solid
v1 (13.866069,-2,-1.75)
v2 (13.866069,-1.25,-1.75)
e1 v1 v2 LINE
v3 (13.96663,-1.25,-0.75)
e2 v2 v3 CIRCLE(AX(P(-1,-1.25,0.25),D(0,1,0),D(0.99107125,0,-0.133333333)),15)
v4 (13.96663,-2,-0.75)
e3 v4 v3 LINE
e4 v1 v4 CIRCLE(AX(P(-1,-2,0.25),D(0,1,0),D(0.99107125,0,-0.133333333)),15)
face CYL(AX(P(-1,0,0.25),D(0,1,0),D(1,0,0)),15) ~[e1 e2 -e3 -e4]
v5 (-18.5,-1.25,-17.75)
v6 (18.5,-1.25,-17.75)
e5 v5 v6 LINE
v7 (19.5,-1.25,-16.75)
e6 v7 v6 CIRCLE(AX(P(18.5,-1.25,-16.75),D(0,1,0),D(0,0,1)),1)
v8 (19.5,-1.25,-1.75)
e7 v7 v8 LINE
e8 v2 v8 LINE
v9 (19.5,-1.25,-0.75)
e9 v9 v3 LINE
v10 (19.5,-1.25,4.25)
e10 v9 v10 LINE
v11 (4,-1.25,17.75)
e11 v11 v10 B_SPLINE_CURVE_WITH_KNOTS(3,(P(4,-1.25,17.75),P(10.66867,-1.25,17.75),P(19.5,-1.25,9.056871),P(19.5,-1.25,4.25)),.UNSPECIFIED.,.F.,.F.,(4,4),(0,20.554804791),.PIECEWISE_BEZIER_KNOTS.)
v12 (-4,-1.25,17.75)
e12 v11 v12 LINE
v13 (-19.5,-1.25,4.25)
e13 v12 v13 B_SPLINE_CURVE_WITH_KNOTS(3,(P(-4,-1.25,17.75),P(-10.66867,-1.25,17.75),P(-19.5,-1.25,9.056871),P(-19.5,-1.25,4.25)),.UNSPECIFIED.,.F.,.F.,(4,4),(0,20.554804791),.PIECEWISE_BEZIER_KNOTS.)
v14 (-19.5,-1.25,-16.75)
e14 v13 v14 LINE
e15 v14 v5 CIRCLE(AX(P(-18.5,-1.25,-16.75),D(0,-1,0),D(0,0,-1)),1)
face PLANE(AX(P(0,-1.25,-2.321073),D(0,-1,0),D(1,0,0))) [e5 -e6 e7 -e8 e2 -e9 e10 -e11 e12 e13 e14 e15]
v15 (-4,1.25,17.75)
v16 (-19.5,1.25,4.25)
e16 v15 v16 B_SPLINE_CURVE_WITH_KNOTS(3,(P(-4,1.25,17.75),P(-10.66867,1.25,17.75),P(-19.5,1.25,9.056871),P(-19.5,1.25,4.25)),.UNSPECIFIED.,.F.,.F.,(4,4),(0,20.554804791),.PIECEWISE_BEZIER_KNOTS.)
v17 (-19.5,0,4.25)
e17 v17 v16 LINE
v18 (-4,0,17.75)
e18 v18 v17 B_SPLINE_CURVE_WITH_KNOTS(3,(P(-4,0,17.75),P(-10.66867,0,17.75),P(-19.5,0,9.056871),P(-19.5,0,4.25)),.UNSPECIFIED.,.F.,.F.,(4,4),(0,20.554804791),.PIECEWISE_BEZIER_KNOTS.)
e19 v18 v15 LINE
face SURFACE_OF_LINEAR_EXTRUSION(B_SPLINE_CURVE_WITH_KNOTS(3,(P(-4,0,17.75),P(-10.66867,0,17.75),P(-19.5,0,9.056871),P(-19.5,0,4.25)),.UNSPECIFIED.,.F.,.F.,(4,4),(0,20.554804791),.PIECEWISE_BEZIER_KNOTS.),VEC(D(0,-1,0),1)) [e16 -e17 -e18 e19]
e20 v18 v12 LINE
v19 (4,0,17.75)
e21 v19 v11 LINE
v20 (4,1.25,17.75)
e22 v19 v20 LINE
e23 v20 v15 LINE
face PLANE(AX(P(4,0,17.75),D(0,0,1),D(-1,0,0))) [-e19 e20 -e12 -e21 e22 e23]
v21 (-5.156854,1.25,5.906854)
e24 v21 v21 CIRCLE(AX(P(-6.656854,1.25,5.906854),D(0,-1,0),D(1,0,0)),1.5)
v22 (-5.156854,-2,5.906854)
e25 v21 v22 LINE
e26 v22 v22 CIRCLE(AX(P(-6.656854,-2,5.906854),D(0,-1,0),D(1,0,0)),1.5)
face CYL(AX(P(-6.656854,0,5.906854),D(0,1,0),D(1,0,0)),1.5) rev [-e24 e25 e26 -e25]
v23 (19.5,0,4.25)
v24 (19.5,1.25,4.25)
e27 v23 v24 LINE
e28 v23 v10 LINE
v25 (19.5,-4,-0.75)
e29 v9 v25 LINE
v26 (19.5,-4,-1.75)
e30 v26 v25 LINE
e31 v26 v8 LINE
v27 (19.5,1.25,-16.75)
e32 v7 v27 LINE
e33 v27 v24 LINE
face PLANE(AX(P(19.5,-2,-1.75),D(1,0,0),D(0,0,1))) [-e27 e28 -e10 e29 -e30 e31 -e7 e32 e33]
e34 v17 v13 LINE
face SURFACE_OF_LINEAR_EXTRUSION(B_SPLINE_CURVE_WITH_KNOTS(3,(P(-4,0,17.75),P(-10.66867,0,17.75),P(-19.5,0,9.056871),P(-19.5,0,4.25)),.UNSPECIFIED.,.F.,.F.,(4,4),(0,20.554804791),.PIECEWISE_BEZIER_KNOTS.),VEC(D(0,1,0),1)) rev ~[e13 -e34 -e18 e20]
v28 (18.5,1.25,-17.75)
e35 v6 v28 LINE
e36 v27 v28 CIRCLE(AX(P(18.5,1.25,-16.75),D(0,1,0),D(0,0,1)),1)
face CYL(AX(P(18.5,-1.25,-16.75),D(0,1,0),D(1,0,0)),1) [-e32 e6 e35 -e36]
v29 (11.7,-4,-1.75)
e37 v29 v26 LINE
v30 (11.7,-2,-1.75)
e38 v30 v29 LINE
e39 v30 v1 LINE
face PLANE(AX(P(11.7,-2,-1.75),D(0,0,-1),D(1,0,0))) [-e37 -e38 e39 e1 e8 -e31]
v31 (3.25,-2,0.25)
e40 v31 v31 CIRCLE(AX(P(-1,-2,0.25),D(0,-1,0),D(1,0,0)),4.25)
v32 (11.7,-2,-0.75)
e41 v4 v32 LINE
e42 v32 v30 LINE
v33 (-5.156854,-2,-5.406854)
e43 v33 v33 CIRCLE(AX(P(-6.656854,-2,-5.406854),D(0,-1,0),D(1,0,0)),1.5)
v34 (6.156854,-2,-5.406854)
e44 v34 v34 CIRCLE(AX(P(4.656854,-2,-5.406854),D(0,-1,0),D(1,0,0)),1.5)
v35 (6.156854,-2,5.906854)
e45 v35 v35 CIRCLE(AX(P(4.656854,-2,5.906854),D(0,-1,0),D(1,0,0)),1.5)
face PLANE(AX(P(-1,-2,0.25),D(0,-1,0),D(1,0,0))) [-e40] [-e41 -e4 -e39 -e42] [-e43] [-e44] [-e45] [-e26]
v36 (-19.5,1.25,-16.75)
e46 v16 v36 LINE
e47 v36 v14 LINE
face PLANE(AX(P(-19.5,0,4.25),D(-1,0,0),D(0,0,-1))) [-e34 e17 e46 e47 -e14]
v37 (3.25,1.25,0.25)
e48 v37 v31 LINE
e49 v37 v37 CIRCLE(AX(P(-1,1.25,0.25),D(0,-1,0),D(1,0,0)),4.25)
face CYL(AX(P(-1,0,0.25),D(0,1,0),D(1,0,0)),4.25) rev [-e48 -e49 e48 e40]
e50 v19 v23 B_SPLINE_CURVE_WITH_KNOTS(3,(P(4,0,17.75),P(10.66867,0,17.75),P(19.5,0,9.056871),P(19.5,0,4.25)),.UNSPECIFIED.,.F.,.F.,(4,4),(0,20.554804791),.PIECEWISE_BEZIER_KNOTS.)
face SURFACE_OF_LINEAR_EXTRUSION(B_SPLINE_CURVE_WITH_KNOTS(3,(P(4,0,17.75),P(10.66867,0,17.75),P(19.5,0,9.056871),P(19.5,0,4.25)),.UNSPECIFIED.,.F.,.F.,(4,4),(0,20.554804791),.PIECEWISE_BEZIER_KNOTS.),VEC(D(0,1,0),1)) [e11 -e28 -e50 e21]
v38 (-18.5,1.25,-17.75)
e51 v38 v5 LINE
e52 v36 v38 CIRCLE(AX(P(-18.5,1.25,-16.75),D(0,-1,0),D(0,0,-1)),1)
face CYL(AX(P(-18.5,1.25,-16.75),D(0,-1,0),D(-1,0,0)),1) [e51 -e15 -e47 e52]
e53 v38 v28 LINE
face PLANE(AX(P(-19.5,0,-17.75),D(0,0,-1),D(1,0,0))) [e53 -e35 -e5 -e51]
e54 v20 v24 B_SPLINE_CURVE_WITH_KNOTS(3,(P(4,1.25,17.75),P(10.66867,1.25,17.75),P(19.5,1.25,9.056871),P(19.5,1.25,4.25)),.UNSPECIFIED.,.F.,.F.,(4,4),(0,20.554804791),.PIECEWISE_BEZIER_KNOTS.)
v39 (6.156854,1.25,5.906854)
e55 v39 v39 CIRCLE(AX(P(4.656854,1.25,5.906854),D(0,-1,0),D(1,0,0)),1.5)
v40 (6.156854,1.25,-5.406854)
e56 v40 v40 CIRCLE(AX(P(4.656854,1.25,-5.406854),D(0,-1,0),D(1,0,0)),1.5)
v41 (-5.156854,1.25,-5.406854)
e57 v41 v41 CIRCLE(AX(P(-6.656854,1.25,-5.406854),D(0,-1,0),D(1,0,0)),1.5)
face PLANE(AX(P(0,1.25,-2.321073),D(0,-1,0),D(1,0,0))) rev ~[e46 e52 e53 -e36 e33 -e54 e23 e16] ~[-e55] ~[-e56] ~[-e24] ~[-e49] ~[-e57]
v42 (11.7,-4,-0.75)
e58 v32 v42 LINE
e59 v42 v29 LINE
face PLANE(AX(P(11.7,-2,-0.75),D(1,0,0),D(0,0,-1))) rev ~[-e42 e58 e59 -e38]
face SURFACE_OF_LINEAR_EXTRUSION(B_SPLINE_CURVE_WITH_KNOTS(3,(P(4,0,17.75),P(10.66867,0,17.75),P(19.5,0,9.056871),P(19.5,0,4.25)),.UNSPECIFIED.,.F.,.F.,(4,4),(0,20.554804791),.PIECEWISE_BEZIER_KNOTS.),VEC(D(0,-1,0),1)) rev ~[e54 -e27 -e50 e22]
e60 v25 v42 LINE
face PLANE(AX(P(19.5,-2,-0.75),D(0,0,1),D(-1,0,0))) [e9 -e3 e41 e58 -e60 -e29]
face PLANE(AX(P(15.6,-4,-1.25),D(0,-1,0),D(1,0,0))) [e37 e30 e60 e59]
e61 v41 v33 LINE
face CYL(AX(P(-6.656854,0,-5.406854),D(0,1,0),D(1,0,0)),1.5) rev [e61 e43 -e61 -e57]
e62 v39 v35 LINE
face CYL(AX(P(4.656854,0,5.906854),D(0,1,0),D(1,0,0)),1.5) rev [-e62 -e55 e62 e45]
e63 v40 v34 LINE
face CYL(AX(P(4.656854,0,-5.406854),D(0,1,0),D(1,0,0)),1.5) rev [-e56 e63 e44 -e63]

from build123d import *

# Parameters (mm, degrees)
F0_R          = 1.5
F0_R_2        = 4.25
F1_DEPTH      = 1.25
F2_R          = 15
F2_R_2        = 1.5
F2_R_3        = 4.25
F3_DEPTH      = 2
F5_DEPTH      = 2
F5_DEPTH_BACK = 0.75
F6_R          = 1


with BuildPart() as f1:
    # F0 (on Front) → F1 (new body, symmetric)
    with BuildSketch(Plane.XZ):
        with BuildLine():
            Line((4, 17.75), (0, 17.75))
            Line((0, 17.75), (-4, 17.75))
            add(Edge.make_bspline(
                [(-4, 17.75), (-10.6686704129, 17.75), (-19.5, 9.0568709765), (-19.5, 4.25)],
                knots=[0, 0, 0, 0, 20.5548047911, 20.5548047911, 20.5548047911, 20.5548047911], degree=3))
            Line((-19.5, 4.25), (-19.5, -17.75))
            Line((-19.5, -17.75), (19.5, -17.75))
            Line((19.5, -17.75), (19.5, 4.25))
            add(Edge.make_bspline(
                [(4, 17.75), (10.6686704129, 17.75), (19.5, 9.0568709765), (19.5, 4.25)],
                knots=[0, 0, 0, 0, 20.5548047911, 20.5548047911, 20.5548047911, 20.5548047911], degree=3))
        make_face()
        with Locations((-6.6568542495, -5.4068542495)):
            Circle(F0_R, mode=Mode.SUBTRACT)
        with Locations((4.6568542495, -5.4068542495)):
            Circle(F0_R, mode=Mode.SUBTRACT)
        with Locations((-1, 0.25)):
            Circle(F0_R_2, mode=Mode.SUBTRACT)
        with Locations((-6.6568542495, 5.9068542495)):
            Circle(F0_R, mode=Mode.SUBTRACT)
        with Locations((4.6568542495, 5.9068542495)):
            Circle(F0_R, mode=Mode.SUBTRACT)
    extrude(amount=F1_DEPTH, both=True)

    # F2 (on Front) → F3 (join)
    with BuildSketch(Plane.XZ):
        with Locations((-1, 0.25)):
            Circle(F2_R)
        with Locations((-6.6568542495, -5.4068542495)):
            Circle(F2_R_2, mode=Mode.SUBTRACT)
        with Locations((4.6568542495, -5.4068542495)):
            Circle(F2_R_2, mode=Mode.SUBTRACT)
        with Locations((-6.6568542495, 5.9068542495)):
            Circle(F2_R_2, mode=Mode.SUBTRACT)
        with Locations((-1, 0.25)):
            Circle(F2_R_3, mode=Mode.SUBTRACT)
        with Locations((4.6568542495, 5.9068542495)):
            Circle(F2_R_2, mode=Mode.SUBTRACT)
    extrude(amount=F3_DEPTH)

    # F4 (on face) → F5 (join, two sides)
    with BuildSketch(Plane.XZ.offset(2)) as f5_sk:
        Polygon((19.5, -1.75), (19.5, -1.25), (19.5, -0.75), (11.7, -0.75), (11.7, -1.25), (11.7, -1.75), align=None)
    extrude(amount=F5_DEPTH)
    extrude(f5_sk.sketch, amount=-F5_DEPTH_BACK)

    # F6
    f6_edges = [f1.edges().sort_by_distance(p)[0] for p in [
        (19.5, 0, -17.75),
        (-19.5, 0, -17.75),
    ]]
    fillet(f6_edges, radius=F6_R)


solid = f1.part
